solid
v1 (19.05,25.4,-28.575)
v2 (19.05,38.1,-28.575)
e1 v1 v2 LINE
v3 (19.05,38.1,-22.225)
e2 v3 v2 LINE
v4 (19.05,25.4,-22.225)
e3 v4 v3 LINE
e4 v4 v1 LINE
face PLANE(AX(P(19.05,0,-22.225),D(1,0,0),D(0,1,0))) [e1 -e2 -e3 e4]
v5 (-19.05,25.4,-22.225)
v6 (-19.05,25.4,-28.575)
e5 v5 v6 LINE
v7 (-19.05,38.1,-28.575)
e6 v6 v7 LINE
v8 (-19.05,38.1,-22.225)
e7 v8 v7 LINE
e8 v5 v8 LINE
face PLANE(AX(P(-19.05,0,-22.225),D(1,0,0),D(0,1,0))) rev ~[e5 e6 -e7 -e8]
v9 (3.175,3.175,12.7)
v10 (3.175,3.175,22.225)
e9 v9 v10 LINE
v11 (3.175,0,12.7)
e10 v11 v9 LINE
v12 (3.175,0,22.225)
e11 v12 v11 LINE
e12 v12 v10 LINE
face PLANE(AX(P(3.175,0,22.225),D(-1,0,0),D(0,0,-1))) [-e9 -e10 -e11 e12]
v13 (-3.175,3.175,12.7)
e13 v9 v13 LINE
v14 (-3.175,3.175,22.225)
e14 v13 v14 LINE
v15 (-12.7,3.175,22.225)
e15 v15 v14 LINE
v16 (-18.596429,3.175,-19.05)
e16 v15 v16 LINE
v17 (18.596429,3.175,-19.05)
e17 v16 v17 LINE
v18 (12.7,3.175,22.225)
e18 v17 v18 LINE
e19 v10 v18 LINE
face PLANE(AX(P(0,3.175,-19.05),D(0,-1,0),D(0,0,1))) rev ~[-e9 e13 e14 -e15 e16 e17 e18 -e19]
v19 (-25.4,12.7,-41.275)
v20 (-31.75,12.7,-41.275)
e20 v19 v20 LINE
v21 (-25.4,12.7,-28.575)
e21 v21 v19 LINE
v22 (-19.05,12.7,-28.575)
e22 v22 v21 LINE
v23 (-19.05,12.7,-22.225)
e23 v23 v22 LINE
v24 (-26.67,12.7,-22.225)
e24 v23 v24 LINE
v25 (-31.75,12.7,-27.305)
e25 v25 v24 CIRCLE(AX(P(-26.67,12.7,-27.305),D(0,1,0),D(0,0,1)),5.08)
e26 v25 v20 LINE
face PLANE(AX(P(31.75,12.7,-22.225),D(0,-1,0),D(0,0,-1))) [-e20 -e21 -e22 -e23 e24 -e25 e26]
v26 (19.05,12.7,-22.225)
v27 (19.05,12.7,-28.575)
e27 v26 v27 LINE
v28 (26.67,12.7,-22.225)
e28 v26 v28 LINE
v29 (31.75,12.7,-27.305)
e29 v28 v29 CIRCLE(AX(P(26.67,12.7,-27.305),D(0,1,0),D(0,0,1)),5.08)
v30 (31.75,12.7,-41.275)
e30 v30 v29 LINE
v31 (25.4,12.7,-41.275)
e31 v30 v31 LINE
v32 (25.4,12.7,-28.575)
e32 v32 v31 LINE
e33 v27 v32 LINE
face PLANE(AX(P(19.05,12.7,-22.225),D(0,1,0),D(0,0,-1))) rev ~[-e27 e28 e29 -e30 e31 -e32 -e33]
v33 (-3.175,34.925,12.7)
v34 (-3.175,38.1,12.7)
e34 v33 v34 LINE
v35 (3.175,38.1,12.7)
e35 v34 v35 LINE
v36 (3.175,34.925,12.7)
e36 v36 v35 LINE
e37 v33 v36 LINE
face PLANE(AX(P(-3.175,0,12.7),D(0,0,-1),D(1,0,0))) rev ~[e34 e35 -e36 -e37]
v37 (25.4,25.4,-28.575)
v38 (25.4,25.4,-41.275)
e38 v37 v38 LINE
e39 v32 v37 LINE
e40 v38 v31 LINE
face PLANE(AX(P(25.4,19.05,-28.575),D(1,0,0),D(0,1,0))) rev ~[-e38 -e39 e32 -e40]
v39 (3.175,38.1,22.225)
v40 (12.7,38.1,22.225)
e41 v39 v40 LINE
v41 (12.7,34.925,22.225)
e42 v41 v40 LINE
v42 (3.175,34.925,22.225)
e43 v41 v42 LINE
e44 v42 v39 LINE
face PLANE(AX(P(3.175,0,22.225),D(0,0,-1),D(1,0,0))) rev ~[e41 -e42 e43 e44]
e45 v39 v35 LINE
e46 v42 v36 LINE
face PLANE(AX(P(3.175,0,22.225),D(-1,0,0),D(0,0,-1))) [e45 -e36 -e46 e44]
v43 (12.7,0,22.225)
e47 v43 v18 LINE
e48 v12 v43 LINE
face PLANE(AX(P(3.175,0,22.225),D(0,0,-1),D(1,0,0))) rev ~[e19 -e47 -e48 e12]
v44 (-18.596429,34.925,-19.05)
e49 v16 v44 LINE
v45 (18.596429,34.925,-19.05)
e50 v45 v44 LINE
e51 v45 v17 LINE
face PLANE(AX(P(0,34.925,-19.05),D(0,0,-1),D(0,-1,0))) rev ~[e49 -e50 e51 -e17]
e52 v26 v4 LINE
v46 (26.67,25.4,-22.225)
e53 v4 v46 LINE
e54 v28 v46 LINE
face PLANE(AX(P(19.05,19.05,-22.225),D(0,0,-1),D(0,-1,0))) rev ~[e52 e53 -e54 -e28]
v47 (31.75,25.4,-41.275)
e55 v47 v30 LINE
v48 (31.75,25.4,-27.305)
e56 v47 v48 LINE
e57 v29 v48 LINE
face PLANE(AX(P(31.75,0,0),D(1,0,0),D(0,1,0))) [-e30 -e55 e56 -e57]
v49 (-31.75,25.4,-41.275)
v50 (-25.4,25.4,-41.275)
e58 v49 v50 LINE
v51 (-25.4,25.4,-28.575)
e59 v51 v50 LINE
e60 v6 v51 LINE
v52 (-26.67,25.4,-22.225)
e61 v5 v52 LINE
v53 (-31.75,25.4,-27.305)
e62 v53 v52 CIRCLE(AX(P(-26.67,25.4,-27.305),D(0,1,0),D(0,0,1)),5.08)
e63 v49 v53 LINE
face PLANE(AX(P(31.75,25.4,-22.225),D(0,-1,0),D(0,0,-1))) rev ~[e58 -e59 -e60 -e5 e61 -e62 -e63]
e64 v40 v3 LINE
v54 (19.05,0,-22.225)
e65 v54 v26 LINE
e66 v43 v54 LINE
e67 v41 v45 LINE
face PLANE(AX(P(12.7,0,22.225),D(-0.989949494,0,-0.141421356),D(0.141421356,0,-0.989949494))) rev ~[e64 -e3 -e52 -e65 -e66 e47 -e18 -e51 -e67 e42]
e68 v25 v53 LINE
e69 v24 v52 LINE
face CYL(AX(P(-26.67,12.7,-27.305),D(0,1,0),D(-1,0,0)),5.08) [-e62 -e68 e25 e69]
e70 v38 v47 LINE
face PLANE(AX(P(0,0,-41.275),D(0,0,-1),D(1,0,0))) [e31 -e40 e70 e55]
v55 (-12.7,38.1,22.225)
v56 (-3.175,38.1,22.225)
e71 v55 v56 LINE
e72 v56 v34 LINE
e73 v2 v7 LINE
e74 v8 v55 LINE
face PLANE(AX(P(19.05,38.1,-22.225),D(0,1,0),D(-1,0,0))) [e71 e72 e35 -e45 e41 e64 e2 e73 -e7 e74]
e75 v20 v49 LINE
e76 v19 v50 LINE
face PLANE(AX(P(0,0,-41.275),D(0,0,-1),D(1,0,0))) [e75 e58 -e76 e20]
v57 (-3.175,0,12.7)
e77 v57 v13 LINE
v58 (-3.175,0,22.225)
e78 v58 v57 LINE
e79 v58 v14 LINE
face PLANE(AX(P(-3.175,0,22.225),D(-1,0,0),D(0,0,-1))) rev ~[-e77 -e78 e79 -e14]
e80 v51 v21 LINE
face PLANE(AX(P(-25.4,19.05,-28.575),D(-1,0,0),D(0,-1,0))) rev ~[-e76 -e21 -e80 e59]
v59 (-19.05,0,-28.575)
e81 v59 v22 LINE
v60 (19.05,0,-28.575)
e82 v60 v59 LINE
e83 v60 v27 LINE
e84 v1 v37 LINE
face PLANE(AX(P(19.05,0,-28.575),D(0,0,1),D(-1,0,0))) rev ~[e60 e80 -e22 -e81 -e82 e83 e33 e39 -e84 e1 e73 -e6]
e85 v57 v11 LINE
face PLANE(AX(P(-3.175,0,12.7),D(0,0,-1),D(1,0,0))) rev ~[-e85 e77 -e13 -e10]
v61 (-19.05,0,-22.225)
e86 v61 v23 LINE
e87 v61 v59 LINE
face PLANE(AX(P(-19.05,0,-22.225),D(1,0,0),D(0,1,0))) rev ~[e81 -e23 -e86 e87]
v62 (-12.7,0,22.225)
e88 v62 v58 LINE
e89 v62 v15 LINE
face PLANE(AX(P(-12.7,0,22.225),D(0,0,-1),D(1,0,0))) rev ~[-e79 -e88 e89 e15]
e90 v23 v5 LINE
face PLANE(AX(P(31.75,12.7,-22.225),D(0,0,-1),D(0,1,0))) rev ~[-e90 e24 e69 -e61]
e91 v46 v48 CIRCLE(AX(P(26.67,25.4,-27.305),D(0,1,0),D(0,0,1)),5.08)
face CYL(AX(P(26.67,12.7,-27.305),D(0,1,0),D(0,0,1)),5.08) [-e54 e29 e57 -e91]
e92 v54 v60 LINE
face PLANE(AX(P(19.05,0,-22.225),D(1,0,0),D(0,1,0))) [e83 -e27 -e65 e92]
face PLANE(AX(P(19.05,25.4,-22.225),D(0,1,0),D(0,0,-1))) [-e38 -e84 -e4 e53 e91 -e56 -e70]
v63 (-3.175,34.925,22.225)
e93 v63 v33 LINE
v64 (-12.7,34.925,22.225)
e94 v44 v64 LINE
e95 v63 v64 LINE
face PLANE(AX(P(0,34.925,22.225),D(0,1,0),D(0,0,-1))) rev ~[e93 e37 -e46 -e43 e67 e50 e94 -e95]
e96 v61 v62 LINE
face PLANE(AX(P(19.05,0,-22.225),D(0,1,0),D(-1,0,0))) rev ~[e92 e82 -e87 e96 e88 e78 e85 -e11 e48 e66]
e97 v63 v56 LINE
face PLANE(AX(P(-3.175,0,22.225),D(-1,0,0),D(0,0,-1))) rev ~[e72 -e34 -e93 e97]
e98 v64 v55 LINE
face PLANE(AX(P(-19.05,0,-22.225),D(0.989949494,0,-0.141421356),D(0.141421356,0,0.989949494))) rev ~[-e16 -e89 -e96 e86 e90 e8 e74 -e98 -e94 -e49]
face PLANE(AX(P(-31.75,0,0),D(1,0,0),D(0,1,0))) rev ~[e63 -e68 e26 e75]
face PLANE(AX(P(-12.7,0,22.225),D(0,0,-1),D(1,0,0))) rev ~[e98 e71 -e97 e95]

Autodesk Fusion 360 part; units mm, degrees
sketch "Sketch1" plane through (0, 0, 0) normal (0, 1, 0) x (1, 0, 0)
  line L0 (19.05, 22.225) -> (-19.05, 22.225)
  line L1 (-19.05, 22.225) -> (-19.05, -22.225)
  line L2 (-19.05, -22.225) -> (19.05, -22.225)
  line L3 (19.05, -22.225) -> (19.05, 22.225)
  line L4 (0, -22.225) -> (12.7, -22.225)
  line L5 (0, -22.225) -> (-12.7, -22.225)
  line L6 (-19.05, 22.225) -> (-12.7, -22.225)
  line L7 (12.7, -22.225) -> (19.05, 22.225)
  line L8 (0, -22.225) -> (3.175, -22.225)
  line L9 (0, -22.225) -> (-3.175, -22.225)
  line L10 (-3.175, -22.225) -> (-3.175, -12.7)
  line L11 (3.175, -22.225) -> (3.175, -12.7)
  line L12 (-3.175, -12.7) -> (3.175, -12.7)
  dimension "d1" = 38.1
  dimension "d2" = 44.45
extrude "Extrude1" add sketch "Sketch1" along normal blind 38.1 contours L0 L2 L4 L5 L6 L7 L10 L11 L12 makes body 1
sketch "Sketch2" plane through (0, 0, 0) normal (0, -1, 0) x (1, 0, 0)
  line L0 (-3.175, 12.7) -> (-3.175, 22.225)
  line L1 (-3.175, 22.225) -> (-12.7, 22.225)
  line L2 (-12.7, 22.225) -> (-19.05, -22.225)
  line L3 (-19.05, -22.225) -> (19.05, -22.225)
  line L4 (19.05, -22.225) -> (12.7, 22.225)
  line L5 (12.7, 22.225) -> (3.175, 22.225)
  line L6 (3.175, 22.225) -> (3.175, 12.7)
  line L7 (3.175, 12.7) -> (-3.175, 12.7)
sketch "Sketch3" plane through (0, 0, 0) normal (1, 0, 0) x (0, 1, 0)
  line L0 (0, 0) -> (38.1, 0) construction
  line L1 (19.05, 0) -> (19.05, -22.225) construction
  line L2 (19.05, 0) -> (19.05, 22.225) construction
  line L3 (19.05, 22.225) -> (3.175, 22.225) construction
  line L4 (3.175, 22.225) -> (34.925, 22.225)
  line L5 (34.925, 22.225) -> (34.925, -19.05)
  line L6 (34.925, -19.05) -> (3.175, -19.05)
  line L7 (3.175, -19.05) -> (3.175, 22.225)
  dimension "d13" = 31.75
  dimension "d14" = 41.275
extrude "Extrude2" cut sketch "Sketch3" along normal blind 76.2 and the other way blind 60.96 bodies 1
extrude "Extrude3" add 1 faces at (6.35, 12.7, -22.225) along direction (0, 0, -1) blind 6.35 on bodies 1 bodies 1
sketch "Sketch4" plane through (19.05, 0, 0) normal (1, 0, 0) x (0, 1, 0)
  line L0 (38.1, -22.225) -> (0, -22.225)
  line L1 (0, -22.225) -> (0, -28.575)
  line L2 (0, -28.575) -> (38.1, -28.575)
  line L3 (38.1, -28.575) -> (38.1, -22.225)
  line L4 (19.05, -22.225) -> (25.4, -22.225)
  line L5 (19.05, -22.225) -> (12.7, -22.225)
  line L6 (12.7, -22.225) -> (12.7, -28.575)
  line L7 (25.4, -22.225) -> (25.4, -28.575)
  line L8 (12.7, -28.575) -> (25.4, -28.575)
  dimension "d21" = 6.35
extrude "Extrude4" add sketch "Sketch4" along normal blind 12.7 contours L0 L2 L4 L5 L6 L7 L8 bodies 1
extrude "Extrude5" add 1 faces at (31.75, 21.1667, -26.4583) along direction (-1, 0, 0) blind 63.5 on bodies 1 bodies 1
copy_body "Body->Comp1" bodies 1 removing the originals makes body 2 in component "Lower Anvil Holder"
sketch "Sketch5" plane through (0, 0, -28.575) normal (0, 0, -1) x (1, 0, 0)
  line L0 (19.05, -12.7) -> (19.05, 0)
  line L1 (19.05, 0) -> (-19.05, 0)
  line L2 (-19.05, 0) -> (-19.05, -12.7)
  line L3 (-19.05, -12.7) -> (-31.75, -12.7)
  line L4 (-31.75, -12.7) -> (-31.75, -25.4)
  line L5 (-31.75, -25.4) -> (-19.05, -25.4)
  line L6 (-19.05, -25.4) -> (-19.05, -38.1)
  line L7 (-19.05, -38.1) -> (19.05, -38.1)
  line L8 (19.05, -38.1) -> (19.05, -25.4)
  line L9 (19.05, -25.4) -> (31.75, -25.4)
  line L10 (31.75, -25.4) -> (31.75, -12.7)
  line L11 (31.75, -12.7) -> (19.05, -12.7)
  line L12 (31.75, -19.05) -> (25.4, -19.05) construction
  line L13 (25.4, -19.05) -> (25.4, -12.7)
  line L14 (25.4, -19.05) -> (25.4, -25.4)
  line L15 (-31.75, -19.05) -> (-25.4, -19.05) construction
  line L16 (-25.4, -19.05) -> (-25.4, -12.7)
  line L17 (-25.4, -19.05) -> (-25.4, -25.4)
  dimension "d27" = 6.35
  dimension "d28" = 6.35
extrude "Extrude1'" add sketch "Sketch5" along normal blind 12.7 contours L9 L10 L11 L13 L14 | L3 L4 L5 L16 L17 bodies 2 in component "Lower Anvil Holder"
fillet "Fillet1" radius 5.08 2 edges at (-31.75, 19.05, -22.225) (31.75, 19.05, -22.225) on bodies 2 in component "Lower Anvil Holder"
component "Lower Anvil Holder" placed x (1, 0, 0) y (0, 1, 0) z (0, 0, 1) at (0, 0, 0)
